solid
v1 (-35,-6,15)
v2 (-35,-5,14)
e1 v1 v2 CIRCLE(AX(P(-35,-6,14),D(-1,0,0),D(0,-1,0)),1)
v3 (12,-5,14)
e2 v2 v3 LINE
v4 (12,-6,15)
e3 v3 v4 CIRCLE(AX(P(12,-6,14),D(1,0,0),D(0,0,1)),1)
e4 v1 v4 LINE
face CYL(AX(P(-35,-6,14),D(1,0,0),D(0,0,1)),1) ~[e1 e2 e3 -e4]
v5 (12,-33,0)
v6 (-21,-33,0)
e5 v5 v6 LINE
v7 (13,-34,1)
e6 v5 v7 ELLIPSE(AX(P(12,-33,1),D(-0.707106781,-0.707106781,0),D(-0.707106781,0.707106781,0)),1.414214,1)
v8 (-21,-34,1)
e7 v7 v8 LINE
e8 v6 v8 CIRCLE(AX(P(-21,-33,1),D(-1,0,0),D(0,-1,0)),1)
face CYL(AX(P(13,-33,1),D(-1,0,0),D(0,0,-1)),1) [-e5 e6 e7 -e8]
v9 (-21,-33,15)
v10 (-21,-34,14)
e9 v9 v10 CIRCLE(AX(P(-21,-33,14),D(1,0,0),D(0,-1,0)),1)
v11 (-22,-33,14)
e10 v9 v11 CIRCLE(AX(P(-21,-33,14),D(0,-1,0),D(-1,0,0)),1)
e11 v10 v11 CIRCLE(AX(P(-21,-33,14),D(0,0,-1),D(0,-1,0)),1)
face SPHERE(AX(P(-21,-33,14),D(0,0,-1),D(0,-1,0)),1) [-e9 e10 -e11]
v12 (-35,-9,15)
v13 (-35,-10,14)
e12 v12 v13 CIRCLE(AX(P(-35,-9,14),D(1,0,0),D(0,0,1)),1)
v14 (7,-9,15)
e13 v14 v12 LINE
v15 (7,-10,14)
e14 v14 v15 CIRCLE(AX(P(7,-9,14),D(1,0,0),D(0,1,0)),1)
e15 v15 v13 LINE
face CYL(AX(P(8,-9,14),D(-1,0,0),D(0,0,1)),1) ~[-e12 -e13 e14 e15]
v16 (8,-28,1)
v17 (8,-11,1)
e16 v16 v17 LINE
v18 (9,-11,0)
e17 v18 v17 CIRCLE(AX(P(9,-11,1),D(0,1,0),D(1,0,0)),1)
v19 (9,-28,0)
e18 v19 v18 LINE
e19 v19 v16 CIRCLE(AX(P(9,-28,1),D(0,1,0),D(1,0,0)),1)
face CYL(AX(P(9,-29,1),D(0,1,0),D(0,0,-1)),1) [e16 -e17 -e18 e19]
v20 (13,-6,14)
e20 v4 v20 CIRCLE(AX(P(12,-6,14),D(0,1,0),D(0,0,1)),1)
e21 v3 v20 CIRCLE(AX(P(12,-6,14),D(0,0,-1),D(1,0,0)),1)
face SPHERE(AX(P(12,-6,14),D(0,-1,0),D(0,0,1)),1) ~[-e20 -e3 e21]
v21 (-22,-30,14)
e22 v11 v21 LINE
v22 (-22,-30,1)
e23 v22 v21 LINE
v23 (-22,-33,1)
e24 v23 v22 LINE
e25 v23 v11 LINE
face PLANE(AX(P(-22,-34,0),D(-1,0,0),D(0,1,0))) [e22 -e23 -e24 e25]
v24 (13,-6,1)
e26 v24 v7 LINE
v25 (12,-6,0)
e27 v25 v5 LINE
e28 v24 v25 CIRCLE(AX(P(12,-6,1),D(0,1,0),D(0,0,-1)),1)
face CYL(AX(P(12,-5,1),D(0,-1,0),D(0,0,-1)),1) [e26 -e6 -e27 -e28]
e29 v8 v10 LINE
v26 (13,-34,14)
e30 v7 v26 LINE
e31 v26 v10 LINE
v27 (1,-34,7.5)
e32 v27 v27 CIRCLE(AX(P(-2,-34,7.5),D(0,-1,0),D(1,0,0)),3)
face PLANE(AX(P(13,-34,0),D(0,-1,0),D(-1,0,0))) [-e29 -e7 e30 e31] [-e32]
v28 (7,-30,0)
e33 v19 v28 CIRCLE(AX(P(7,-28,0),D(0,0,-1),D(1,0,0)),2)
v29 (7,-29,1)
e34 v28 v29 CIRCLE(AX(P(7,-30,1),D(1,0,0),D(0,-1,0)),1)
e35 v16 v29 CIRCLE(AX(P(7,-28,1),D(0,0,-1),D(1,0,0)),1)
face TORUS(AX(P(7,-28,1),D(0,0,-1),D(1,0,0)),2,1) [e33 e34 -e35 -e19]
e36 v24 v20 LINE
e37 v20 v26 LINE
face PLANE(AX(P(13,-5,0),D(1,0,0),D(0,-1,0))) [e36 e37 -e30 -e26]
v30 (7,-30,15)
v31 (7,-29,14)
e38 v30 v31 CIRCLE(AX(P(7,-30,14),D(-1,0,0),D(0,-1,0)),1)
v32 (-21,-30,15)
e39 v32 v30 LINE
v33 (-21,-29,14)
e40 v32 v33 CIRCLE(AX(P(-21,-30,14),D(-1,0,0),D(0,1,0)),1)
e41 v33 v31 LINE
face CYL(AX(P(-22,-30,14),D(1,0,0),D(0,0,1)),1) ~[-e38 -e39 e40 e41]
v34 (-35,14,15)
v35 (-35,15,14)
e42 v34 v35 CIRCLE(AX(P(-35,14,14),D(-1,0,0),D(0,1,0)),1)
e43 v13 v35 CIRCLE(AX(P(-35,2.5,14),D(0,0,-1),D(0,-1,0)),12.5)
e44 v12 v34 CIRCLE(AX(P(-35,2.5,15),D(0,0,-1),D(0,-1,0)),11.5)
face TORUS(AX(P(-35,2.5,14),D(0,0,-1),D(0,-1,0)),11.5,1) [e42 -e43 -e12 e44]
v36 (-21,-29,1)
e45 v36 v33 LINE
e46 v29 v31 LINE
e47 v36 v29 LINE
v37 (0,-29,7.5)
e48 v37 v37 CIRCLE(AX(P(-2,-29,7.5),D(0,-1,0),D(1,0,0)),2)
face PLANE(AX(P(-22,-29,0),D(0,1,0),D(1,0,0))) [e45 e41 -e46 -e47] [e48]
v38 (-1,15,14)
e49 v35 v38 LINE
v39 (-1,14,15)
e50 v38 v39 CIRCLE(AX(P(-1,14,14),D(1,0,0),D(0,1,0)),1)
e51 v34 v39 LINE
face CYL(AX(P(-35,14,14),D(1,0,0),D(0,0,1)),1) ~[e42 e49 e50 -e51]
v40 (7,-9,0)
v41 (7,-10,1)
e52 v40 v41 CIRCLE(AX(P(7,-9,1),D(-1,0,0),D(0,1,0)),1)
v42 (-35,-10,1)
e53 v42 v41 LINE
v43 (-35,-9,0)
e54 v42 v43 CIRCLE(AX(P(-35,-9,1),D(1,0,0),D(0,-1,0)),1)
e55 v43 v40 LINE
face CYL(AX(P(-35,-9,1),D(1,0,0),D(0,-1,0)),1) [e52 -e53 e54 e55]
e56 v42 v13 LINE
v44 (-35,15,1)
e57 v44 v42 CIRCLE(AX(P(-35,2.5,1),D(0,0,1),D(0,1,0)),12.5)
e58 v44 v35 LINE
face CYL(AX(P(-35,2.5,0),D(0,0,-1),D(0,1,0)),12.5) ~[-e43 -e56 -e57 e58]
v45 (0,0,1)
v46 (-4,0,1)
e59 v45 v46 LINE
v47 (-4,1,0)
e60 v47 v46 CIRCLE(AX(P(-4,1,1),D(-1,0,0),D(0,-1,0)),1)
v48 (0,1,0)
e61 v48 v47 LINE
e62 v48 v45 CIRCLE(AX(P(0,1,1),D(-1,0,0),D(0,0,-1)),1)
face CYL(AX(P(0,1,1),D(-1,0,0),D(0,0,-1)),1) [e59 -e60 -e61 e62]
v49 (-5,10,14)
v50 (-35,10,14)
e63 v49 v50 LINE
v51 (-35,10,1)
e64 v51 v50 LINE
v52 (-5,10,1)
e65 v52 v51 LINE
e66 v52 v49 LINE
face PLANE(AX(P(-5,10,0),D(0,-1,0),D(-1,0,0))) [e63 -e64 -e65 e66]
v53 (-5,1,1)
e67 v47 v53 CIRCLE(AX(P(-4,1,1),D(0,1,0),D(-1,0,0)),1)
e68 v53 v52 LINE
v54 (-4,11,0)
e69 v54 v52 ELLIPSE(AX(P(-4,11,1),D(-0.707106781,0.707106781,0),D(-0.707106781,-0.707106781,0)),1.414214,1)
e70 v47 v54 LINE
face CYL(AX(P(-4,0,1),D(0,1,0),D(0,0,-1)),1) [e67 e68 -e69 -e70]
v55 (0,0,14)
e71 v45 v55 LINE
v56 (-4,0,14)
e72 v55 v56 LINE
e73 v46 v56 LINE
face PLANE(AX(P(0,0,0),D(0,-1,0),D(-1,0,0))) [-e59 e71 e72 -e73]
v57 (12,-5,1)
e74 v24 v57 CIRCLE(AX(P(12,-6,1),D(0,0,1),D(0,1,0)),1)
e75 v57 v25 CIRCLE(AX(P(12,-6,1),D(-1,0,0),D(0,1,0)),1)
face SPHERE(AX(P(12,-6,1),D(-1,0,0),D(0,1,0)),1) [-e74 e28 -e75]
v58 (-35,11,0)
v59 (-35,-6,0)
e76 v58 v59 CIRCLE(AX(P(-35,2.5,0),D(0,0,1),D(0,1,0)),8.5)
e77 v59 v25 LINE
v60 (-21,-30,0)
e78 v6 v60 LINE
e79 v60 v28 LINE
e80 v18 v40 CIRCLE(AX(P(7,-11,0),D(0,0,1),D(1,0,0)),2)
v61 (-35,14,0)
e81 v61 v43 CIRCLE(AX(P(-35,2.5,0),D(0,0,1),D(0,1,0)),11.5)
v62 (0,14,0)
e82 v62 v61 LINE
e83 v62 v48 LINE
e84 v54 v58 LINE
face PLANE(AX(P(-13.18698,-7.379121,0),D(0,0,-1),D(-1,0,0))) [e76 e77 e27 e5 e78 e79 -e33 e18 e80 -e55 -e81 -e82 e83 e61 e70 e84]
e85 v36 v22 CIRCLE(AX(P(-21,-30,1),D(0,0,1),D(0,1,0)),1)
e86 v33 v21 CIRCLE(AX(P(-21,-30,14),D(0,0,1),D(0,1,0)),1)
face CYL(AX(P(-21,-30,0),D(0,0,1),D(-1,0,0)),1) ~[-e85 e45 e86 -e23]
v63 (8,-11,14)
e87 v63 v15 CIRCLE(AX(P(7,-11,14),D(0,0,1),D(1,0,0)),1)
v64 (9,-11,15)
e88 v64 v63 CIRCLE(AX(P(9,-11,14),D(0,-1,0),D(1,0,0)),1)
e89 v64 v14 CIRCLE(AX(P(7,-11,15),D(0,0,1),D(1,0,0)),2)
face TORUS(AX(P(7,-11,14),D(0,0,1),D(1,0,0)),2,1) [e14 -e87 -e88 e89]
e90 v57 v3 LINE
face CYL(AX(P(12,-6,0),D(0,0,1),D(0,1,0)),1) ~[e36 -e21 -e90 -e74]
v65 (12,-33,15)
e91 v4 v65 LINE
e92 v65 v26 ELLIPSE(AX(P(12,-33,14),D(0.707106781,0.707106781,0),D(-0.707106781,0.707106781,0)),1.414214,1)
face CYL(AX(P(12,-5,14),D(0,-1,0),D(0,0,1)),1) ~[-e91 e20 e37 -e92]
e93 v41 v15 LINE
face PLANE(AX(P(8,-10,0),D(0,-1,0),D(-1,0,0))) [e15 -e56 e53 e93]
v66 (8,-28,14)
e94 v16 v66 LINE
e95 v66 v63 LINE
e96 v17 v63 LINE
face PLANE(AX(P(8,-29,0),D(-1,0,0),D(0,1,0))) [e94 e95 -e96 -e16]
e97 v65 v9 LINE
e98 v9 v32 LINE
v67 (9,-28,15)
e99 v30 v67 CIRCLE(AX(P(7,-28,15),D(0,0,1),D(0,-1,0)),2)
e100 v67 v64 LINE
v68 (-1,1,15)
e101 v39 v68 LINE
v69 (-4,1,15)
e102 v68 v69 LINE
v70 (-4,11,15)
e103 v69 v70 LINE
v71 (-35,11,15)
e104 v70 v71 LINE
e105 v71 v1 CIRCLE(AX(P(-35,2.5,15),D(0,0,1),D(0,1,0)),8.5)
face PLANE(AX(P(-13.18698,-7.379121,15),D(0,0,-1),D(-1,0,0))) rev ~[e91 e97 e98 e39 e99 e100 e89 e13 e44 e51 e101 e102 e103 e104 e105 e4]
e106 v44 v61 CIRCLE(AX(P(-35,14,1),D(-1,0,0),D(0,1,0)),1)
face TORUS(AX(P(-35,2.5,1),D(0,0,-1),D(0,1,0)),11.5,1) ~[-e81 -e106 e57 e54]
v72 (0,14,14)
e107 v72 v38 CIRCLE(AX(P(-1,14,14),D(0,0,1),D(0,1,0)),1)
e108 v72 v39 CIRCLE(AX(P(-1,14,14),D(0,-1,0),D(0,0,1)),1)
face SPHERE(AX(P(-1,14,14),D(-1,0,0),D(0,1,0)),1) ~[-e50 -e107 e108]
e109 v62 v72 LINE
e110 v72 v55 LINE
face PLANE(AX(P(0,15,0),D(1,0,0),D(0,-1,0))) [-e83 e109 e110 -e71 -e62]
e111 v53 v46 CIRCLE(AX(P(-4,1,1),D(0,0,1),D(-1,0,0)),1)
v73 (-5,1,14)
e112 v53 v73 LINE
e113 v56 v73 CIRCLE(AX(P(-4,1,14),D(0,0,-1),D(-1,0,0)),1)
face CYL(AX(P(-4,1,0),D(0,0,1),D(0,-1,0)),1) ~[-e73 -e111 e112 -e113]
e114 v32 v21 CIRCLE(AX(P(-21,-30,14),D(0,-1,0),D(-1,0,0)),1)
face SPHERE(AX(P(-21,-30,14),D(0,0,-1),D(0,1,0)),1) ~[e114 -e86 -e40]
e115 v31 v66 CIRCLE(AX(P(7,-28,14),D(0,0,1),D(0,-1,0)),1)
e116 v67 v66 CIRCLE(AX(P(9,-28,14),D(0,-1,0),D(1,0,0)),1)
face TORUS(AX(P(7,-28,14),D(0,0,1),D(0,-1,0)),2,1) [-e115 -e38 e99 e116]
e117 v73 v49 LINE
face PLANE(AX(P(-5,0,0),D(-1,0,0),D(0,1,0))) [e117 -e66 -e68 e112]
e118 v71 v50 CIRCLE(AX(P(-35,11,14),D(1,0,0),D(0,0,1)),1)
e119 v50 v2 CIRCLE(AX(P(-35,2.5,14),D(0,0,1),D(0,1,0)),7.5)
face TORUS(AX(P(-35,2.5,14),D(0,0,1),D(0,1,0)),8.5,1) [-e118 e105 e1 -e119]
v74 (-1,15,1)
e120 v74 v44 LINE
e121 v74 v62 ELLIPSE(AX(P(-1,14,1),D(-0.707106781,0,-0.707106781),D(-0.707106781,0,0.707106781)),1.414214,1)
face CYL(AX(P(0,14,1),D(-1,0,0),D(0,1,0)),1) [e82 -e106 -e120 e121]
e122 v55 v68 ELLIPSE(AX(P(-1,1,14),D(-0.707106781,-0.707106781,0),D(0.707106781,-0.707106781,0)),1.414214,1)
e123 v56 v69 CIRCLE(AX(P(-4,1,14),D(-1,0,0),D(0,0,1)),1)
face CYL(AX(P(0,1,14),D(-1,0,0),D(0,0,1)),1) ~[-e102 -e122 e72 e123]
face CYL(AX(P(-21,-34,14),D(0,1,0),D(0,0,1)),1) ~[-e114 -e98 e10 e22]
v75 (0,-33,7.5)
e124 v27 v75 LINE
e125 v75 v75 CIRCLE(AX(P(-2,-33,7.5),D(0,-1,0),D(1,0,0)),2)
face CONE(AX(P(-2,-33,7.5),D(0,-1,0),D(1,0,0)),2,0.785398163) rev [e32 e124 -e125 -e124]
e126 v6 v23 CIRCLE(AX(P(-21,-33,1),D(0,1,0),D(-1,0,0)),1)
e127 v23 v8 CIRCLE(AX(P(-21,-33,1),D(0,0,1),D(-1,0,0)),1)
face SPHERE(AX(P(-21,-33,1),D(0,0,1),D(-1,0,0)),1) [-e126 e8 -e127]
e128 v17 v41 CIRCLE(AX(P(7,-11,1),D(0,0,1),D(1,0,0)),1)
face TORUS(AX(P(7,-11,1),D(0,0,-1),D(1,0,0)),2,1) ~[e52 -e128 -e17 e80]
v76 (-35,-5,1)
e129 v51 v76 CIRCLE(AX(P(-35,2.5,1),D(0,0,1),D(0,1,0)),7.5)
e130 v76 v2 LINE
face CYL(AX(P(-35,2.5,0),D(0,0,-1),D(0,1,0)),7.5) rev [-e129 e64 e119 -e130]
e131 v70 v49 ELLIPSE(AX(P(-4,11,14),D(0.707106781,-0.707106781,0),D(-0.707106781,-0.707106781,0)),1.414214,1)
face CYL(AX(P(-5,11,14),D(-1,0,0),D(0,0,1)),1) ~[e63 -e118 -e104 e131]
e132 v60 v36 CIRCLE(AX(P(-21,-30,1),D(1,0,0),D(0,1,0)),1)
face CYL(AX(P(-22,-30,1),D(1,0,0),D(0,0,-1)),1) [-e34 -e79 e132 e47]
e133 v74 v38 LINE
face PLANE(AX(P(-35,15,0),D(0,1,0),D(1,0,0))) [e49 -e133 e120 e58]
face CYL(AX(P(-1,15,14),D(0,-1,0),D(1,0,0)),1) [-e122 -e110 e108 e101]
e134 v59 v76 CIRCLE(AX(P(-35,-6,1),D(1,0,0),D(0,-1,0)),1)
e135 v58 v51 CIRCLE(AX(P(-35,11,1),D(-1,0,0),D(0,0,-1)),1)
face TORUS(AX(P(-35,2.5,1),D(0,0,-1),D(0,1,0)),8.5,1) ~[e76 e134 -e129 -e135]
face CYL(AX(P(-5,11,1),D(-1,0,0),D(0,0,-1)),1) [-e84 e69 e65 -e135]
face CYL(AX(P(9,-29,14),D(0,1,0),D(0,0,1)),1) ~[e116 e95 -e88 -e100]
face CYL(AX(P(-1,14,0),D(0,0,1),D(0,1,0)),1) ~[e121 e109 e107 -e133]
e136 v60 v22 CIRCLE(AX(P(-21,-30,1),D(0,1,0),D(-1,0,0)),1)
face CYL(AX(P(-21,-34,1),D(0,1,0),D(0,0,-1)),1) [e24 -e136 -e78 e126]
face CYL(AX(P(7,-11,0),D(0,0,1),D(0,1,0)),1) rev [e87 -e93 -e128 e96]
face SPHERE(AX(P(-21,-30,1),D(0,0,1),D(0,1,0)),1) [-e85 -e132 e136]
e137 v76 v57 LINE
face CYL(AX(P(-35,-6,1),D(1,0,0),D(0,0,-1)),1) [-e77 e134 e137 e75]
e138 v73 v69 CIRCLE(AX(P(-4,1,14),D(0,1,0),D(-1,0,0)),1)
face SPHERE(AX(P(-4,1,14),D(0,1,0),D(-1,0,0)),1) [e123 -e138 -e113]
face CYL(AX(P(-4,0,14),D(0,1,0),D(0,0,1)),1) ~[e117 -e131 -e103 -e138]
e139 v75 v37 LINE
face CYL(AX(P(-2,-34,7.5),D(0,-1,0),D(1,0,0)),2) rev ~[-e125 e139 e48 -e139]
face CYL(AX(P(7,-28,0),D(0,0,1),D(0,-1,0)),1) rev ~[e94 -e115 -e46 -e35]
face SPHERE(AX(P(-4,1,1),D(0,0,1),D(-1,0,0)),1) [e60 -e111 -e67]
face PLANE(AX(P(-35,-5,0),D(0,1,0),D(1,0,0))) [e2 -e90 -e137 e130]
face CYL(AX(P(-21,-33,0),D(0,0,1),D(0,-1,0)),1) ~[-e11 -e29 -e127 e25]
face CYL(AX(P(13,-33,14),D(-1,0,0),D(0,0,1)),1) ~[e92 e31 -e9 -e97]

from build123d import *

# Parameters (mm, degrees)
PAD001_DEPTH    = 15
SKETCH003_R     = 2
POCKET001_DEPTH = 5
FILLET001_R     = 1
CHAMFER001_SIZE = 1


with BuildPart() as part:
    # Sketch002 → Pad001 (new body)
    with BuildSketch(Plane.XY):
        with BuildLine():
            Line((-35, 15), (0, 15))
            Line((0, 15), (0, 0))
            Line((0, 0), (-5, 0))
            Line((-5, 0), (-5, 10))
            Line((-5, 10), (-35, 10))
            ThreePointArc((-35, 10), (-42.5, 2.5), (-35, -5))
            Line((-35, -5), (13, -5))
            Line((13, -5), (13, -34))
            Line((13, -34), (-22, -34))
            Line((-22, -34), (-22, -29))
            Line((-22, -29), (8, -29))
            Line((8, -29), (8, -10))
            Line((8, -10), (-35, -10))
            ThreePointArc((-35, 15), (-47.5, 2.5), (-35, -10))
        make_face()
    extrude(amount=PAD001_DEPTH)

    # Sketch003 (on Face9 of Pad001) → Pocket001 (cut)
    with BuildSketch(Plane.XZ.offset(34)):
        with Locations((-2, 7.5)):
            Circle(SKETCH003_R)
    extrude(amount=-POCKET001_DEPTH, mode=Mode.SUBTRACT)

    # Fillet001
    fillet001_edges = [part.edges().sort_by_distance(p)[0] for p in [
        (-22, -29, 7.5),
        (-22, -34, 7.5),
        (-4.5, -34, 15),
        (-7, -29, 15),
        (-7, -29, 0),
        (13, -19.5, 15),
        (8, -19.5, 15),
        (-13.5, -10, 15),
        (-47.5, 2.5, 15),
        (-42.5, 2.5, 15),
        (-47.5, 2.5, 0),
        (-17.5, 15, 0),
        (-17.5, 15, 15),
        (0, 15, 7.5),
        (0, 7.5, 15),
        (-20, 10, 15),
        (-42.5, 2.5, 0),
        (-11, -5, 0),
        (-5, 5, 15),
        (-5, 0, 7.5),
        (13, -5, 7.5),
        (-2.5, 0, 15),
        (8, -29, 7.5),
        (8, -10, 7.5),
        (8, -19.5, 0),
        (-22, -31.5, 15),
        (-22, -31.5, 0),
        (-20, 10, 0),
        (-5, 5, 0),
        (-2.5, 0, 0),
        (-13.5, -10, 0),
        (-4.5, -34, 0),
        (13, -19.5, 0),
    ]]
    fillet(fillet001_edges, radius=FILLET001_R)

    # Chamfer001
    chamfer001_edges = [part.edges().sort_by_distance(p)[0] for p in [
        (-4, -34, 7.5),
    ]]
    chamfer(chamfer001_edges, length=CHAMFER001_SIZE)


solid = part.part
